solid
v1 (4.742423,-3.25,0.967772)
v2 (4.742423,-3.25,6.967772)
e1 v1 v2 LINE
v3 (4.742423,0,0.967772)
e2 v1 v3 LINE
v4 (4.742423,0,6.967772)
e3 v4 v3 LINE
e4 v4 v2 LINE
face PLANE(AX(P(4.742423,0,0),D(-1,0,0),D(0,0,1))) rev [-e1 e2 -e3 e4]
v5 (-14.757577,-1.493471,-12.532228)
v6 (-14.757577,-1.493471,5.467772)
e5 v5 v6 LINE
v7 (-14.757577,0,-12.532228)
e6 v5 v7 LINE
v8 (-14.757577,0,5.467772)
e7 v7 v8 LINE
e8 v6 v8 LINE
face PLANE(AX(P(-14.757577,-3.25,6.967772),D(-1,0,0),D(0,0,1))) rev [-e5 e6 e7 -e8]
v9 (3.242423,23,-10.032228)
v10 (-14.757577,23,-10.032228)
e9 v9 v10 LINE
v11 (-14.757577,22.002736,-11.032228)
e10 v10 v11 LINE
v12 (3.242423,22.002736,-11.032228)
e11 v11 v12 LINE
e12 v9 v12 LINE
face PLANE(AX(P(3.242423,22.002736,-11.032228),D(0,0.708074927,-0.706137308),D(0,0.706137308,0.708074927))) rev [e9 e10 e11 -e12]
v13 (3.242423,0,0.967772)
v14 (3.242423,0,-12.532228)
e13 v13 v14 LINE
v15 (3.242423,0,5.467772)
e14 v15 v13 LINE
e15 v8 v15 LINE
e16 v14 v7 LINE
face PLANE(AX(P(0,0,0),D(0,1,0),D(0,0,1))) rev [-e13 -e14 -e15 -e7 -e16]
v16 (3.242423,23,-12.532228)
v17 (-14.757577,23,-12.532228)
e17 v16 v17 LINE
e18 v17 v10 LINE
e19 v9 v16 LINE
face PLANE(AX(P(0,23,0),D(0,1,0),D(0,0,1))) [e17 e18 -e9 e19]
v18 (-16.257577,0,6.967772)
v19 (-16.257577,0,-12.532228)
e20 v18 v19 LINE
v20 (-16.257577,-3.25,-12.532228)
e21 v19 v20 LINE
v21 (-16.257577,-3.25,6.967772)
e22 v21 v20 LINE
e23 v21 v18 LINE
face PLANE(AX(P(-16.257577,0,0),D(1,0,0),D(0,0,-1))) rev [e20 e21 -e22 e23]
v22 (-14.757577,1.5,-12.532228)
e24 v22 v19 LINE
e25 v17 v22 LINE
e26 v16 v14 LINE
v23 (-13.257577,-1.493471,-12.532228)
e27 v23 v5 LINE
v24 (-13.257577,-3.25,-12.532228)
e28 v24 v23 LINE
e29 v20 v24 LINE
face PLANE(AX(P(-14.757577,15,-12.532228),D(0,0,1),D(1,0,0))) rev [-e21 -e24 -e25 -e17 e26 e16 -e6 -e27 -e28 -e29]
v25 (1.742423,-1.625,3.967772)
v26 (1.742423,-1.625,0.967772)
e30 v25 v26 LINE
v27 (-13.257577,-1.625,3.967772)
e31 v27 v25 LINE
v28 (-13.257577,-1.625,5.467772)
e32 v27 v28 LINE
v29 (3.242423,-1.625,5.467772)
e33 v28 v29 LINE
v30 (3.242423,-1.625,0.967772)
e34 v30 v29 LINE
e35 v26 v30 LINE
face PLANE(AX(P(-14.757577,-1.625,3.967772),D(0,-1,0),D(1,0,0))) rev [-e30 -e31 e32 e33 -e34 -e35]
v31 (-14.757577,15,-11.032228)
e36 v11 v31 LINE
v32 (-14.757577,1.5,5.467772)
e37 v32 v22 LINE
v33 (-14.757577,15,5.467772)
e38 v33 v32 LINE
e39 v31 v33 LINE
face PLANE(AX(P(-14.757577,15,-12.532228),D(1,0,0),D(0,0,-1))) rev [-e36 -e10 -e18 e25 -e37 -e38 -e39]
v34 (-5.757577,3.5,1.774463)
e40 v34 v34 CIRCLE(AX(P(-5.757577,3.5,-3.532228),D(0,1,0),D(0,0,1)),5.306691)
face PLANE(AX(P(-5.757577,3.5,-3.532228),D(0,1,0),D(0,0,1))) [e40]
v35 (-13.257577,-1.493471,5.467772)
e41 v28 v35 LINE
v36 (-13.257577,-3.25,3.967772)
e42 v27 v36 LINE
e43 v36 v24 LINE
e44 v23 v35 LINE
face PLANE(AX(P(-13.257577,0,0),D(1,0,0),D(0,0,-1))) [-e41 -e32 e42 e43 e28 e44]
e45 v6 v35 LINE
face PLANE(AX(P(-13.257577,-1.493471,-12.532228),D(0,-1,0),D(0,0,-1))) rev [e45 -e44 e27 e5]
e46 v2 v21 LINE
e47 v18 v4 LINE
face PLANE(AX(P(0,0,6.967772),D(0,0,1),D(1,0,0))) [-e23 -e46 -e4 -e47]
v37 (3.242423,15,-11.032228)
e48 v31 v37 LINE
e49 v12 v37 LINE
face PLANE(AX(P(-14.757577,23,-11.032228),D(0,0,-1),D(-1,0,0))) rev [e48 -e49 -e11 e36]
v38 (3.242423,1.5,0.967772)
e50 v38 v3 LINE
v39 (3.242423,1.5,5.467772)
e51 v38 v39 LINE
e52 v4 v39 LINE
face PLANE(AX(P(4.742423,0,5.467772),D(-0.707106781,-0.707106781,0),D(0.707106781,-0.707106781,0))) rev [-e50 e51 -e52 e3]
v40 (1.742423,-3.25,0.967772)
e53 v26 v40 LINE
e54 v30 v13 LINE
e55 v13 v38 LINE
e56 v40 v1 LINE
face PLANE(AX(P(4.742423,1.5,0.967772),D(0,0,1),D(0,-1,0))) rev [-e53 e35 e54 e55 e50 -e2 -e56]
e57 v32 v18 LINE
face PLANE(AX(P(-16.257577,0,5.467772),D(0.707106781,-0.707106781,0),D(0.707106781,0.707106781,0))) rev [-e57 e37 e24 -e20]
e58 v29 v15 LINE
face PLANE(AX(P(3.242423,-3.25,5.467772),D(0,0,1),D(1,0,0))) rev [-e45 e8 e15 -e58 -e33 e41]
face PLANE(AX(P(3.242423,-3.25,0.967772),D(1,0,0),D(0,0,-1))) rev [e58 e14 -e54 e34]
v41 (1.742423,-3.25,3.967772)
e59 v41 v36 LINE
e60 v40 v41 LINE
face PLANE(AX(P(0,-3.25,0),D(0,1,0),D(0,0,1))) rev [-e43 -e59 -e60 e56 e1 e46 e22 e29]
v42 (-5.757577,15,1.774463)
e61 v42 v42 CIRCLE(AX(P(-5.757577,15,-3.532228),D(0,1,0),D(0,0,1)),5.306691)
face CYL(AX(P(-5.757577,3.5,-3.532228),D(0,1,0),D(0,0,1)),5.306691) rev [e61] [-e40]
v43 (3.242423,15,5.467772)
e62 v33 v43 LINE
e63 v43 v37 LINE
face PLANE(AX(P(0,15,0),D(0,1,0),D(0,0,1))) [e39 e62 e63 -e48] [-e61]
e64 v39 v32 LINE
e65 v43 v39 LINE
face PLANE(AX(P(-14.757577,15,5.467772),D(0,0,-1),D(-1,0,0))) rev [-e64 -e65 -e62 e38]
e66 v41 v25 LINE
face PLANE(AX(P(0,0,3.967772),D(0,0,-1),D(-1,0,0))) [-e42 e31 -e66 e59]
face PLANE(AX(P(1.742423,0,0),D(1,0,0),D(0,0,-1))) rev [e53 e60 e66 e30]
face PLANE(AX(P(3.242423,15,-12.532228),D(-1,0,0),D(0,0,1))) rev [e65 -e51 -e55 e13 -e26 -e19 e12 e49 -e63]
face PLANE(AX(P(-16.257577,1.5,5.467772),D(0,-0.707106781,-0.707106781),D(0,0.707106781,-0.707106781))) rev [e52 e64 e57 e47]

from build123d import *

# Parameters (mm, degrees)
SKETCH1_W            = 18
SKETCH1_H            = 18
BOSS_EXTRUDE1_DEPTH  = 15
SKETCH3_R            = 5.306691295
CUT_EXTRUDE1_DEPTH   = 11.5
SKETCH4_W            = 18
SKETCH4_H            = 1.5
BOSS_EXTRUDE2_DEPTH  = 8
SKETCH6_W            = 18
SKETCH6_H            = 0.997263539
BOSS_EXTRUDE3_DEPTH  = 1
CUT_EXTRUDE2_DEPTH   = 18
SKETCH9_W            = 18
SKETCH9_H            = 1.5
BOSS_EXTRUDE4_DEPTH  = 1.5
SKETCH10_W           = 18
SKETCH10_H           = 1.5
BOSS_EXTRUDE6_DEPTH  = 3.25
SKETCH11_W           = 18
SKETCH11_H           = 1.625
BOSS_EXTRUDE7_DEPTH  = 1.5
SKETCH13_W           = 19.5
SKETCH13_H           = 1.5
BOSS_EXTRUDE9_DEPTH  = 1.5
SKETCH14_W           = 1.5
SKETCH14_H           = 19.5
BOSS_EXTRUDE10_DEPTH = 3.25
SKETCH15_W           = 19.5
SKETCH15_H           = 1.756529455
BOSS_EXTRUDE11_DEPTH = 1.5
SKETCH16_W           = 6
SKETCH16_H           = 1.5
BOSS_EXTRUDE12_DEPTH = 1.5
SKETCH17_W           = 1.5
SKETCH17_H           = 6
BOSS_EXTRUDE13_DEPTH = 3.25
SKETCH18_W           = 3
SKETCH18_H           = 1.625
BOSS_EXTRUDE14_DEPTH = 1.5
CUT_EXTRUDE3_DEPTH   = 18
CUT_EXTRUDE11_DEPTH  = 21
CUT_EXTRUDE12_DEPTH  = 2
CUT_EXTRUDE13_DEPTH  = 2


with BuildPart() as part:
    # Sketch1 → Boss-Extrude1 (new body)
    with BuildSketch(Plane(origin=(0, 0, 0), x_dir=(1, 0, 0), z_dir=(0, 1, 0))):
        with Locations((-5.757576823, 3.532227937)):
            Rectangle(SKETCH1_W, SKETCH1_H)
    extrude(amount=BOSS_EXTRUDE1_DEPTH)

    # Sketch3 → Cut-Extrude1 (cut)
    with BuildSketch(Plane(origin=(0, 15, 0), x_dir=(1, 0, 0), z_dir=(0, 1, 0))):
        with Locations((-5.757576823, 3.532227937)):
            Circle(SKETCH3_R)
    extrude(amount=-CUT_EXTRUDE1_DEPTH, mode=Mode.SUBTRACT)

    # Sketch4 → Boss-Extrude2 (add)
    with BuildSketch(Plane(origin=(0, 15, 0), x_dir=(1, 0, 0), z_dir=(0, 1, 0))):
        with Locations((-5.757576823, 11.782227937)):
            Rectangle(SKETCH4_W, SKETCH4_H)
    extrude(amount=BOSS_EXTRUDE2_DEPTH)

    # Sketch6 → Boss-Extrude3 (add)
    with BuildSketch(Plane.XY.offset(-11.032227937)):
        with Locations((-5.757576823, 22.50136823)):
            Rectangle(SKETCH6_W, SKETCH6_H)
    extrude(amount=BOSS_EXTRUDE3_DEPTH)

    # Sketch7 → Cut-Extrude2 (cut)
    with BuildSketch(Plane.ZY.offset(14.757576823)):
        Polygon((-11.032227937, 22.002736461), (-10.032227937, 23), (-10.032227937, 22.002736461), align=None)
    extrude(amount=-CUT_EXTRUDE2_DEPTH, mode=Mode.SUBTRACT)

    # Sketch9 → Boss-Extrude4 (add)
    with BuildSketch(Plane.XY.offset(5.467772063)):
        with Locations((-5.757576823, 0.75)):
            Rectangle(SKETCH9_W, SKETCH9_H)
    extrude(amount=BOSS_EXTRUDE4_DEPTH)

    # Sketch10 → Boss-Extrude6 (add)
    with BuildSketch(Plane.XZ):
        with Locations((-5.757576823, 6.217772063)):
            Rectangle(SKETCH10_W, SKETCH10_H)
    extrude(amount=BOSS_EXTRUDE6_DEPTH)

    # Sketch11 → Boss-Extrude7 (add)
    with BuildSketch(Plane(origin=(0, 0, 5.467772063), x_dir=(-1, 0, 0), z_dir=(0, 0, -1))):
        with Locations((5.757576823, -2.4375)):
            Rectangle(SKETCH11_W, SKETCH11_H)
    extrude(amount=BOSS_EXTRUDE7_DEPTH)

    # Sketch13 → Boss-Extrude9 (add)
    with BuildSketch(Plane.ZY.offset(14.757576823)):
        with Locations((-2.782227937, 0.75)):
            Rectangle(SKETCH13_W, SKETCH13_H)
    extrude(amount=BOSS_EXTRUDE9_DEPTH)

    # Sketch14 → Boss-Extrude10 (add)
    with BuildSketch(Plane.XZ):
        with Locations((-15.507576823, -2.782227937)):
            Rectangle(SKETCH14_W, SKETCH14_H)
    extrude(amount=BOSS_EXTRUDE10_DEPTH)

    # Sketch15 → Boss-Extrude11 (add)
    with BuildSketch(Plane(origin=(-14.757576823, 0, 0), x_dir=(0, 0, -1), z_dir=(1, 0, 0))):
        with Locations((2.782227937, -2.371735273)):
            Rectangle(SKETCH15_W, SKETCH15_H)
    extrude(amount=BOSS_EXTRUDE11_DEPTH)

    # Sketch16 → Boss-Extrude12 (add)
    with BuildSketch(Plane(origin=(3.242423177, 0, 0), x_dir=(0, 0, -1), z_dir=(1, 0, 0))):
        with Locations((-3.967772063, 0.75)):
            Rectangle(SKETCH16_W, SKETCH16_H)
    extrude(amount=BOSS_EXTRUDE12_DEPTH)

    # Sketch17 → Boss-Extrude13 (add)
    with BuildSketch(Plane.XZ):
        with Locations((3.992423177, 3.967772063)):
            Rectangle(SKETCH17_W, SKETCH17_H)
    extrude(amount=BOSS_EXTRUDE13_DEPTH)

    # Sketch18 → Boss-Extrude14 (add)
    with BuildSketch(Plane.ZY.offset(-3.242423177)):
        with Locations((2.467772063, -2.4375)):
            Rectangle(SKETCH18_W, SKETCH18_H)
    extrude(amount=BOSS_EXTRUDE14_DEPTH)

    # Sketch19 → Cut-Extrude3 (cut)
    with BuildSketch(Plane(origin=(0, 0, -12.532227937), x_dir=(-1, 0, 0), z_dir=(0, 0, -1))):
        Polygon((16.257576823, 0), (14.757576823, 1.5), (16.257576823, 1.5), align=None)
        Polygon((-4.742423177, 0), (-3.242423177, 1.5), (-4.742423177, 1.5), align=None)
    extrude(amount=-CUT_EXTRUDE3_DEPTH, mode=Mode.SUBTRACT)

    # Sketch22 → Cut-Extrude11 (cut)
    with BuildSketch(Plane(origin=(4.742423177, 0, 0), x_dir=(0, 0, -1), z_dir=(1, 0, 0))):
        Polygon((-6.967772063, 0), (-6.967772063, 1.5), (-5.467772063, 1.5), align=None)
    extrude(amount=-CUT_EXTRUDE11_DEPTH, mode=Mode.SUBTRACT)

    # Sketch24 → Cut-Extrude12 (cut)
    with BuildSketch(Plane(origin=(0, 0, 5.467772063), x_dir=(-1, 0, 0), z_dir=(0, 0, -1))):
        Polygon((-3.242423177, 1.5), (-4.742423177, 0), (-4.742423177, 1.5), align=None)
    extrude(amount=-CUT_EXTRUDE12_DEPTH, mode=Mode.SUBTRACT)

    # Sketch25 → Cut-Extrude13 (cut)
    with BuildSketch(Plane(origin=(0, 0, 5.467772063), x_dir=(-1, 0, 0), z_dir=(0, 0, -1))):
        Polygon((16.257576823, 0), (14.757576823, 1.5), (16.257576823, 1.5), align=None)
    extrude(amount=-CUT_EXTRUDE13_DEPTH, mode=Mode.SUBTRACT)


solid = part.part
